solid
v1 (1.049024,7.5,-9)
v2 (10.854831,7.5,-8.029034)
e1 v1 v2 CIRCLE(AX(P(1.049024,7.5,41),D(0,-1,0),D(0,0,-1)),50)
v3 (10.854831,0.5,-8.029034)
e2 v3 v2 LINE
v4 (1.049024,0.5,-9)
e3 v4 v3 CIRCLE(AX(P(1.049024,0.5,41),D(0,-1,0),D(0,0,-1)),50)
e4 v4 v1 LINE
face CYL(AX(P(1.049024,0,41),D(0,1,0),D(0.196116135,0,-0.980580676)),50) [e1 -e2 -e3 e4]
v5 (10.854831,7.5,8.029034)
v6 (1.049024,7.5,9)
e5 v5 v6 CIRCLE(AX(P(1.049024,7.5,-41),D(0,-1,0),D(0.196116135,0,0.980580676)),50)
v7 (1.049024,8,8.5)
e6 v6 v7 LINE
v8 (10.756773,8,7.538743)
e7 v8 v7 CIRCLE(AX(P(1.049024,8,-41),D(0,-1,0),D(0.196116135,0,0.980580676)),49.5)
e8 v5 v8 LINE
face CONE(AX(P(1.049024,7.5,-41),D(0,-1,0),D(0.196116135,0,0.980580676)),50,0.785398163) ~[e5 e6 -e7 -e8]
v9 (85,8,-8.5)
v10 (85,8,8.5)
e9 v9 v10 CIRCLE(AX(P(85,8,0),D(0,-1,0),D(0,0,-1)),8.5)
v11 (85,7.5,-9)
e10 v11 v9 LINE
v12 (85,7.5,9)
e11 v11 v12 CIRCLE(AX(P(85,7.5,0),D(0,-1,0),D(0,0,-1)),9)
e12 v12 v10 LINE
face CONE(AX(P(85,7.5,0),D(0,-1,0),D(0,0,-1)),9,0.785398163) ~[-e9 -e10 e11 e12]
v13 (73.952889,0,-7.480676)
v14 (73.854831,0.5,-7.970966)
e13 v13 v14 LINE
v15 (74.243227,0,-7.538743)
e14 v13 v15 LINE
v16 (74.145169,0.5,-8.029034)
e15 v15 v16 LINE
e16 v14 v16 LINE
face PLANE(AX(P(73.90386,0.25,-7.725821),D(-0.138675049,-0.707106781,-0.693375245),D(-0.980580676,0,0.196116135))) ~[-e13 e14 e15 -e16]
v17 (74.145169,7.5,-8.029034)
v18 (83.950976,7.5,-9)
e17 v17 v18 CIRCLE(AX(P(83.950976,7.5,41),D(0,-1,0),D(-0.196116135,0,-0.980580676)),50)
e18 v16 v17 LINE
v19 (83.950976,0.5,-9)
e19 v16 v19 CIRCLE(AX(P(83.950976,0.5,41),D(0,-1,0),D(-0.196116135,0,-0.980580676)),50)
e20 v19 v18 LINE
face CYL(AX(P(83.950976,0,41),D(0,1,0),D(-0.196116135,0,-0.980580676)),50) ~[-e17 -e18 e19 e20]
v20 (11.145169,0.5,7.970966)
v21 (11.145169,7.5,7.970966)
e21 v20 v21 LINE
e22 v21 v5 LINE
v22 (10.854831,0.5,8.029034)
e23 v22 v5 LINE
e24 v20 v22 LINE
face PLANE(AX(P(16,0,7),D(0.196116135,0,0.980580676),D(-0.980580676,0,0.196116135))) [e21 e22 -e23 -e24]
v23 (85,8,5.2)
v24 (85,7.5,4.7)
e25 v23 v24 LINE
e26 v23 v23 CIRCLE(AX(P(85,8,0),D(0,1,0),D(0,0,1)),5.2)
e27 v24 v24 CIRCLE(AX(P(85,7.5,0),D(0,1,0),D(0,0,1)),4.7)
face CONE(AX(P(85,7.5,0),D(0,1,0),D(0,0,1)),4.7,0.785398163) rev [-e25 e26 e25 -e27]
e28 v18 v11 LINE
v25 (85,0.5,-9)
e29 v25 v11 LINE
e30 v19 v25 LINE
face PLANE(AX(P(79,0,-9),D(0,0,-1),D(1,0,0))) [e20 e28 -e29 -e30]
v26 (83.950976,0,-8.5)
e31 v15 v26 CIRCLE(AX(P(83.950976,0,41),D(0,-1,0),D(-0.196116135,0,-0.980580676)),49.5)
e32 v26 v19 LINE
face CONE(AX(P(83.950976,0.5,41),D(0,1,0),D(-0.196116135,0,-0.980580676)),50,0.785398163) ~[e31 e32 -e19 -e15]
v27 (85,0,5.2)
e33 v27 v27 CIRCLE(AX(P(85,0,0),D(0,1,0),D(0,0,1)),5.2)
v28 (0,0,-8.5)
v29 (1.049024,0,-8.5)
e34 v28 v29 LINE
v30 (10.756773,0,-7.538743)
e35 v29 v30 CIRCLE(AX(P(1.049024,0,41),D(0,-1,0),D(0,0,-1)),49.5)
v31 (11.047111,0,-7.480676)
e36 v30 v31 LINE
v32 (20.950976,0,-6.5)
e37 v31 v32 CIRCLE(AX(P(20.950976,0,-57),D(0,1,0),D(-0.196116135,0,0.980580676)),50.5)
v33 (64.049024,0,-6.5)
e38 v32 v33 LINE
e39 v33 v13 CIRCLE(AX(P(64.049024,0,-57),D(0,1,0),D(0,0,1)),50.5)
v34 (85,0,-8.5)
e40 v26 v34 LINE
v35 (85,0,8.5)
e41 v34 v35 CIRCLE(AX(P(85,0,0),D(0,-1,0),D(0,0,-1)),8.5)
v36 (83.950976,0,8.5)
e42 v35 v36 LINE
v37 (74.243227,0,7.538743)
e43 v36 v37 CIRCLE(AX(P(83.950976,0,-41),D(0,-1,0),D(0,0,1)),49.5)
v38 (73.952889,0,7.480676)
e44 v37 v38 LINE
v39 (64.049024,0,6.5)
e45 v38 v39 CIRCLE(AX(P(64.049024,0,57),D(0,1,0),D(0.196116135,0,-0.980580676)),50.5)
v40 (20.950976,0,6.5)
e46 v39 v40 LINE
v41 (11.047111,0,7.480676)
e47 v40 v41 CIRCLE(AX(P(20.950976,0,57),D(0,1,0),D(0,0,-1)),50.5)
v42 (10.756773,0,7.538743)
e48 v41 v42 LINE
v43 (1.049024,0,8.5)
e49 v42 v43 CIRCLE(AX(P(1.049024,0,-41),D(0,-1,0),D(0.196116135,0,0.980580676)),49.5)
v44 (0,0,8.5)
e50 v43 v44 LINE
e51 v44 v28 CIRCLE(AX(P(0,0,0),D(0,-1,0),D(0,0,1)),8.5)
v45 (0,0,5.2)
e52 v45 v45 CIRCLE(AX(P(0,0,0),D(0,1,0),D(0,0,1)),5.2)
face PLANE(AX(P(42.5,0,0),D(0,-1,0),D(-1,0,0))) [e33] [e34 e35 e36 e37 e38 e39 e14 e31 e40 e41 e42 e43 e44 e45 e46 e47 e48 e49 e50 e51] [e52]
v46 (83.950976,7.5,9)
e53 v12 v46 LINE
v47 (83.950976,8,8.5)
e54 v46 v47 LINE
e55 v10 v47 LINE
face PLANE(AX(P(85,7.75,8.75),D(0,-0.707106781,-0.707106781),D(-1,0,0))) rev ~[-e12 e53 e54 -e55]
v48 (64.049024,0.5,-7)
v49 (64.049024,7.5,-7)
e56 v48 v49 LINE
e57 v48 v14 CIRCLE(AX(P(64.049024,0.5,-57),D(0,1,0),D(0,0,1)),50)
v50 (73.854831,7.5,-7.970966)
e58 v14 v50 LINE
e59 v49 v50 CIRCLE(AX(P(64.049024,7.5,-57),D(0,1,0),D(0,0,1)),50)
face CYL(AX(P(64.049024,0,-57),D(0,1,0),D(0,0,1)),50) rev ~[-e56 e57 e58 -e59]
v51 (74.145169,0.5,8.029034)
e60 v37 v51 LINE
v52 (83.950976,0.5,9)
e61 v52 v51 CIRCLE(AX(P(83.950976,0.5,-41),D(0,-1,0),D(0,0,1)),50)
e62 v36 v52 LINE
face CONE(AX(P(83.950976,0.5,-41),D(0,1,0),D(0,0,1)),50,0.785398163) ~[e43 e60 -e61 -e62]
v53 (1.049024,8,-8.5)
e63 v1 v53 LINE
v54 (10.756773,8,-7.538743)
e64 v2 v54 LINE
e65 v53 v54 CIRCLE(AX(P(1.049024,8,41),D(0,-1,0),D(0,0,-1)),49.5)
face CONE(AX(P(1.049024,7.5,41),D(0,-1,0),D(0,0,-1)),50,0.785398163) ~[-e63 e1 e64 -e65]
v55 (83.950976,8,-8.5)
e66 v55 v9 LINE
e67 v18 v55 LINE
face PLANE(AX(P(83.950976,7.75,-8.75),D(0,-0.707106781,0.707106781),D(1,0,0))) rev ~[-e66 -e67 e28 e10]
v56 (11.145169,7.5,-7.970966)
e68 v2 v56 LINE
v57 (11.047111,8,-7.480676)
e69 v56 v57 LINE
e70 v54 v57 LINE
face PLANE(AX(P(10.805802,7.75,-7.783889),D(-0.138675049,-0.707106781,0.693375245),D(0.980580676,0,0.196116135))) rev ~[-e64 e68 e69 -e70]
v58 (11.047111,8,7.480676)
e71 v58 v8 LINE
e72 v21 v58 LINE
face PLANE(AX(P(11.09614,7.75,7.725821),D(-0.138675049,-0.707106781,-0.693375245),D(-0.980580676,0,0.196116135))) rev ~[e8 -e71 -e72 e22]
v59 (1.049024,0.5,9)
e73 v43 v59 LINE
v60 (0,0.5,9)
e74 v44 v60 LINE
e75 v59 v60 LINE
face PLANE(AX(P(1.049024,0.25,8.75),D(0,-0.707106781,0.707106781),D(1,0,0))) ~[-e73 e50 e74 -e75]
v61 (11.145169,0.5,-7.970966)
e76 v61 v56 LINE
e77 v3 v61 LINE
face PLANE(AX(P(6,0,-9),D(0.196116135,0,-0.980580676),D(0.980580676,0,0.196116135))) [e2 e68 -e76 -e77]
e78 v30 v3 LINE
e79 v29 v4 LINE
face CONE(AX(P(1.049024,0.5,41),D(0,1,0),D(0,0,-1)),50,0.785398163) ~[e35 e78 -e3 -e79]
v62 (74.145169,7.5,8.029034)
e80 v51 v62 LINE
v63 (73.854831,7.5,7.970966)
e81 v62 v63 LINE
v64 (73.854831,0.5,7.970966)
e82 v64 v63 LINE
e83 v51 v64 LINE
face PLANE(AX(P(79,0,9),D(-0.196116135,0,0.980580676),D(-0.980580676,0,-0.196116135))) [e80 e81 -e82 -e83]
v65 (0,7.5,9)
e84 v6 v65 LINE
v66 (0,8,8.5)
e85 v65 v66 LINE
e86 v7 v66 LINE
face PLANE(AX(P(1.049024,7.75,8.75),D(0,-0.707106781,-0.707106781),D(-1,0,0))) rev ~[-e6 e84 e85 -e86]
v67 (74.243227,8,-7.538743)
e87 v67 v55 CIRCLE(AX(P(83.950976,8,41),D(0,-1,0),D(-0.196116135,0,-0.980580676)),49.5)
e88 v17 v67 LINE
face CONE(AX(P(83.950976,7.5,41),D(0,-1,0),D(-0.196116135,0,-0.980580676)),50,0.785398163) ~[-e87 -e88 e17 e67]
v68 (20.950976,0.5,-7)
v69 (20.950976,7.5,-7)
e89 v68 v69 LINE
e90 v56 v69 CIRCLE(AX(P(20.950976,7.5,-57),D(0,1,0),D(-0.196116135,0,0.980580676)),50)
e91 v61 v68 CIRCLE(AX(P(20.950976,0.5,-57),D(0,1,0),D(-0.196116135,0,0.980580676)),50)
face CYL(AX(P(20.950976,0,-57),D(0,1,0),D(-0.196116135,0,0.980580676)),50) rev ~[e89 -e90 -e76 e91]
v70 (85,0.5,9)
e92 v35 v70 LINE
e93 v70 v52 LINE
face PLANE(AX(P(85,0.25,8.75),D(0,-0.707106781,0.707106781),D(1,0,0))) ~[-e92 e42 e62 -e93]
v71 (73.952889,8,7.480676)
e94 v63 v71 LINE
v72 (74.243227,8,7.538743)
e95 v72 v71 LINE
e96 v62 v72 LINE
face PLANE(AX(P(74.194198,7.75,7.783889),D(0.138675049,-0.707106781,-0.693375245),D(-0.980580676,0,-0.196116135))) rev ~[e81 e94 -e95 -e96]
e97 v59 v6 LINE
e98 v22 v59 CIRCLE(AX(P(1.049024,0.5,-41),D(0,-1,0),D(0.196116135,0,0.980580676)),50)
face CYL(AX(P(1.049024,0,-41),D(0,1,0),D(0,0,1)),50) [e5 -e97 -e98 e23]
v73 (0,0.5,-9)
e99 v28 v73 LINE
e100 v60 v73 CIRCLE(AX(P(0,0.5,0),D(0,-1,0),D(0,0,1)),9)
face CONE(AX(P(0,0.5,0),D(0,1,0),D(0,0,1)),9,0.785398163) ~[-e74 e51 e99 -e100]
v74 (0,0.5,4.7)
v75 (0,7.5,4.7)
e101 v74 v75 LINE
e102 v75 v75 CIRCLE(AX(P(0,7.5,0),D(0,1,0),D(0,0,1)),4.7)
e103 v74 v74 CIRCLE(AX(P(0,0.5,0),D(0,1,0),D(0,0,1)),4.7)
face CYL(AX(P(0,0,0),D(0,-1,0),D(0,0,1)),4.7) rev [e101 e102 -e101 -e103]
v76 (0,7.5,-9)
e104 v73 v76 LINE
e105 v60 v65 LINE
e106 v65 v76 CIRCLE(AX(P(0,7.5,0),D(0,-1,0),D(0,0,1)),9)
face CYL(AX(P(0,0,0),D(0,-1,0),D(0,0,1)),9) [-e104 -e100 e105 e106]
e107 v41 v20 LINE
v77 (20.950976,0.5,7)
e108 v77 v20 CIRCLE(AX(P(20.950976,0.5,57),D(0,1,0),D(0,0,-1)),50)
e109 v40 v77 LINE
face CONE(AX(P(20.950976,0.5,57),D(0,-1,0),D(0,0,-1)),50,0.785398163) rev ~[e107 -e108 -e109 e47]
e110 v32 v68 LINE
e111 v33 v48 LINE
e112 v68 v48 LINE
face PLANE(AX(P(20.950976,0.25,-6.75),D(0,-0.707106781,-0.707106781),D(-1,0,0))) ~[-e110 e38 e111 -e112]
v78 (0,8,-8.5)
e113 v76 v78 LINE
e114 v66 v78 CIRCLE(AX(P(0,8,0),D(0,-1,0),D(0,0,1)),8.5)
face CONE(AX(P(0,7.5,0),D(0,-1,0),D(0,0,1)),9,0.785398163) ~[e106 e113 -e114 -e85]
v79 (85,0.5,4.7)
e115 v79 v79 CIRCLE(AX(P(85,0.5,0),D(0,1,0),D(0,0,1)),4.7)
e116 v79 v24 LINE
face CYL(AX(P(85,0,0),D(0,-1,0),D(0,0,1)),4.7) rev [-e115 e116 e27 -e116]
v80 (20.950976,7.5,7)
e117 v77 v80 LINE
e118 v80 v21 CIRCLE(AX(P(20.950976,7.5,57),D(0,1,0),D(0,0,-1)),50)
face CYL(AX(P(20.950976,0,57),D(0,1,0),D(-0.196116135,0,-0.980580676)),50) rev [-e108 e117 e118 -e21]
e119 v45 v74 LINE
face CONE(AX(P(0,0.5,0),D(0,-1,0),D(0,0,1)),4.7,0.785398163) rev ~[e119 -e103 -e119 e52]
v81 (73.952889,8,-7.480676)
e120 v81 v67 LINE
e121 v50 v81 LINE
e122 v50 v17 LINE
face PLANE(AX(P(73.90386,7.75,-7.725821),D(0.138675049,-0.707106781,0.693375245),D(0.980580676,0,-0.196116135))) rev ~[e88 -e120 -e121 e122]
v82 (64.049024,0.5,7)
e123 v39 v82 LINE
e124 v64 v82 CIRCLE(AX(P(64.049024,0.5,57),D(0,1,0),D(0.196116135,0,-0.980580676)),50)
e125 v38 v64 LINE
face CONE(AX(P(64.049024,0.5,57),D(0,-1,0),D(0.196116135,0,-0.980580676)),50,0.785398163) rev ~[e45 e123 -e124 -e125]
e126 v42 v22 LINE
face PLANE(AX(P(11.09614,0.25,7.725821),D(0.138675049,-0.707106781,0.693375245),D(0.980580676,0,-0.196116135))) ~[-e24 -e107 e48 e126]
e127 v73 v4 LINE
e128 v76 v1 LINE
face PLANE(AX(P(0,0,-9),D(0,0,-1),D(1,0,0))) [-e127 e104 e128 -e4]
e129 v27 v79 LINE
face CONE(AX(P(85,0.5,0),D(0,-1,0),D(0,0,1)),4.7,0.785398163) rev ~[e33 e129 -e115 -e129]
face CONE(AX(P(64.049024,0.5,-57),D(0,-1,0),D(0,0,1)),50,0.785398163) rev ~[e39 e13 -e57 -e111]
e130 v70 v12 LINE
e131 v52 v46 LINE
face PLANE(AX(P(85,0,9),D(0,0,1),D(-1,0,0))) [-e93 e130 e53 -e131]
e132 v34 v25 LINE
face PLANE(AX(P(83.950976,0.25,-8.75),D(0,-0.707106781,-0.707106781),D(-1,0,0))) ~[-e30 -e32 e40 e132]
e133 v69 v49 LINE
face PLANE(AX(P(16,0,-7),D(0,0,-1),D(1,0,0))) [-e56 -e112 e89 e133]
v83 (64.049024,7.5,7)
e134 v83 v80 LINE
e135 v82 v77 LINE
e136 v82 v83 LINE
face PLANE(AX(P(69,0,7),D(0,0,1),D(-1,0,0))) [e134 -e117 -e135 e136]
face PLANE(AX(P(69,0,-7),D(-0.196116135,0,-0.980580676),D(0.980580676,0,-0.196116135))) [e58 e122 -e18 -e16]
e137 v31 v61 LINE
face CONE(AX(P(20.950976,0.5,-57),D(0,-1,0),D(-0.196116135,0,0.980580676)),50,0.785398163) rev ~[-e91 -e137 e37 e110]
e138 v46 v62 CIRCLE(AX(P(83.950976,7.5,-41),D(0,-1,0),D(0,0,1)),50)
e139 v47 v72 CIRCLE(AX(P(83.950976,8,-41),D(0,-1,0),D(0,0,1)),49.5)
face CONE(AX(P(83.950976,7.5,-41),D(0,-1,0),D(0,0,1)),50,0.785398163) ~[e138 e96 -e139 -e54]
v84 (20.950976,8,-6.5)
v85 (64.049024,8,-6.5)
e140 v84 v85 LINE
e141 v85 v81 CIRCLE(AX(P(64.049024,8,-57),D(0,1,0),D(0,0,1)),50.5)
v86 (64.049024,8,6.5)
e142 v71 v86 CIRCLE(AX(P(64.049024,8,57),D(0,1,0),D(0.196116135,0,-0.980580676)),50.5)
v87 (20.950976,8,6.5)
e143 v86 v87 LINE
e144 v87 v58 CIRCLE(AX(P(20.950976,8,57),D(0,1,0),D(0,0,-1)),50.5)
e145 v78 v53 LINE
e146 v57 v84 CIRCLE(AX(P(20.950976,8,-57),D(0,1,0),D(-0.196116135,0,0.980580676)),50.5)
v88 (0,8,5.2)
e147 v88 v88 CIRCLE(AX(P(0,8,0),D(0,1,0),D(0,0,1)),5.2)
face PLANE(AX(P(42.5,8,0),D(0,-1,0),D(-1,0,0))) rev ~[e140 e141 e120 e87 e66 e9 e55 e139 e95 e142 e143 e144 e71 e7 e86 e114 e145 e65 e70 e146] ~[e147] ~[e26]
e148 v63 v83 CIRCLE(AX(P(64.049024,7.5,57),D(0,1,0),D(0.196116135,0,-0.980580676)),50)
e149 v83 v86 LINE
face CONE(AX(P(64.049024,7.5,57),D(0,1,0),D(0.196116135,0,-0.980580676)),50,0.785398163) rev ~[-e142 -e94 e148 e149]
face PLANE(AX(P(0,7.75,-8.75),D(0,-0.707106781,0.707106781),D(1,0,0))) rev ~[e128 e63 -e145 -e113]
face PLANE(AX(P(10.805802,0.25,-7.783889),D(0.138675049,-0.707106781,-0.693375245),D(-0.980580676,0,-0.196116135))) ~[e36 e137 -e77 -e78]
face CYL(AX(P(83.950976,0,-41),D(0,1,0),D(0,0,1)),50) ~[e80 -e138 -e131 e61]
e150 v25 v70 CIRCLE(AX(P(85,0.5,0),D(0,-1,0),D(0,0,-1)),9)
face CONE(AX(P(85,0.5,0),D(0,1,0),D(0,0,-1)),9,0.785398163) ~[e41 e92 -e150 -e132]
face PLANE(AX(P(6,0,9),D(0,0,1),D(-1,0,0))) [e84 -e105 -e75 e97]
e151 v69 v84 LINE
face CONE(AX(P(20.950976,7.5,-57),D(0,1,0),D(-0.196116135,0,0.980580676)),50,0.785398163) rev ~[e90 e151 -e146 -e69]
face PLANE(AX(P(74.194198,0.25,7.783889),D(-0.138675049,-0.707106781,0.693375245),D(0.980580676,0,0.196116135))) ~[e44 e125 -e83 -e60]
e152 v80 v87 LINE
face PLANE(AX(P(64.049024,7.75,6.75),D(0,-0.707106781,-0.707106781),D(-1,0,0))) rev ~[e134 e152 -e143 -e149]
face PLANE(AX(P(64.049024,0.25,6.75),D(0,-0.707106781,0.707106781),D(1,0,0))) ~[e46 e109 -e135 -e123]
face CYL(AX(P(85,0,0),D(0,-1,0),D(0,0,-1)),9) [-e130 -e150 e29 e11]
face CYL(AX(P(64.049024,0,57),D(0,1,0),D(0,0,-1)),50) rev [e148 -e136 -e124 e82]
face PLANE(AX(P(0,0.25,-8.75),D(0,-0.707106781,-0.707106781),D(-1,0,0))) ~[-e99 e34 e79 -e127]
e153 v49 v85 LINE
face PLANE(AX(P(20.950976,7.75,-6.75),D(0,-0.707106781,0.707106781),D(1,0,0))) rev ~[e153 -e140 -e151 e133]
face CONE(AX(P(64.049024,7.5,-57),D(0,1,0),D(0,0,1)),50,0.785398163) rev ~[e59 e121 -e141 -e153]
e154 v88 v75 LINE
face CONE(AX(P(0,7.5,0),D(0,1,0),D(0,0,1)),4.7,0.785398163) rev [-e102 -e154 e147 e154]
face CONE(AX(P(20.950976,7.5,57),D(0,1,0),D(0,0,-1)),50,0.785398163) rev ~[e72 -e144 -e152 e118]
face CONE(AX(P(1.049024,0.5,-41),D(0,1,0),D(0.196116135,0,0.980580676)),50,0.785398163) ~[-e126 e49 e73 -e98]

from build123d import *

# Parameters (mm, degrees)
SKETCH1_R           = 4.7
BOSS_EXTRUDE1_DEPTH = 8
FILLET1_R           = 50
FILLET2_R           = 50
CHAMFER1_SIZE       = 0.5
CHAMFER2_SIZE       = 0.5


with BuildPart() as part:
    # Sketch1 → Boss-Extrude1 (new body)
    with BuildSketch(Plane(origin=(0, 0, 0), x_dir=(1, 0, 0), z_dir=(0, 1, 0))):
        with BuildLine():
            Line((6, 9), (16, 7))
            Line((16, 7), (69, 7))
            Line((69, 7), (79, 9))
            Line((79, 9), (85, 9))
            ThreePointArc((85, 9), (94, 0), (85, -9))
            Line((85, -9), (79, -9))
            Line((79, -9), (69, -7))
            Line((69, -7), (16, -7))
            Line((16, -7), (6, -9))
            Line((6, -9), (0, -9))
            ThreePointArc((0, -9), (-9, 0), (0, 9))
            Line((0, 9), (6, 9))
        make_face()
        with Locations(Location((0, 0, 0), (0, 0, 270))):
            Circle(SKETCH1_R, mode=Mode.SUBTRACT)
        with Locations(Location((85, 0, 0), (0, 0, 270))):
            Circle(SKETCH1_R, mode=Mode.SUBTRACT)
    extrude(amount=BOSS_EXTRUDE1_DEPTH)

    # Fillet1
    fillet1_edges = [part.edges().sort_by_distance(p)[0] for p in [
        (16, 4, -7),
        (69, 4, -7),
        (69, 4, 7),
        (16, 4, 7),
    ]]
    fillet(fillet1_edges, radius=FILLET1_R)

    # Fillet2
    fillet2_edges = [part.edges().sort_by_distance(p)[0] for p in [
        (6, 4, 9),
        (6, 4, -9),
        (79, 4, -9),
        (79, 4, 9),
    ]]
    fillet(fillet2_edges, radius=FILLET2_R)

    # Chamfer1
    chamfer1_edges = [part.edges().sort_by_distance(p)[0] for p in [
        (0, 0, -4.7),
        (0, 8, -4.7),
        (85, 0, -4.7),
        (85, 8, -4.7),
    ]]
    chamfer(chamfer1_edges, length=CHAMFER1_SIZE)

    # Chamfer2
    chamfer2_edges = [part.edges().sort_by_distance(p)[0] for p in [
        (0.52451216, 0, 9),
        (-9, 0, 0),
        (84.47548784, 0, -9),
        (94, 0, 0),
        (94, 8, 0),
        (84.47548784, 8, -9),
        (74, 0, 8),
        (-9, 8, 0),
        (74, 8, 8),
        (42.5, 0, 7),
        (42.5, 8, 7),
        (0.52451216, 8, 9),
        (42.5, 0, -7),
        (42.5, 8, -7),
        (11, 0, -8),
        (11, 8, -8),
        (68.975905219, 0, 7.243333667),
        (68.975905219, 8, 7.243333667),
        (16.024094781, 0, 7.243333667),
        (16.024094781, 8, 7.243333667),
        (68.975905219, 0, -7.243333667),
        (68.975905219, 8, -7.243333667),
        (16.024094781, 0, -7.243333667),
        (16.024094781, 8, -7.243333667),
        (74, 0, -8),
        (74, 8, -8),
        (11, 0, 8),
        (0.52451216, 0, -9),
        (84.47548784, 0, 9),
        (5.975905219, 0, 8.756666333),
        (79.024094781, 0, 8.756666333),
        (5.975905219, 0, -8.756666333),
        (79.024094781, 0, -8.756666333),
        (11, 8, 8),
        (84.47548784, 8, 9),
        (0.52451216, 8, -9),
        (5.975905219, 8, 8.756666333),
        (79.024094781, 8, 8.756666333),
        (5.975905219, 8, -8.756666333),
        (79.024094781, 8, -8.756666333),
    ]]
    chamfer(chamfer2_edges, length=CHAMFER2_SIZE)


solid = part.part
